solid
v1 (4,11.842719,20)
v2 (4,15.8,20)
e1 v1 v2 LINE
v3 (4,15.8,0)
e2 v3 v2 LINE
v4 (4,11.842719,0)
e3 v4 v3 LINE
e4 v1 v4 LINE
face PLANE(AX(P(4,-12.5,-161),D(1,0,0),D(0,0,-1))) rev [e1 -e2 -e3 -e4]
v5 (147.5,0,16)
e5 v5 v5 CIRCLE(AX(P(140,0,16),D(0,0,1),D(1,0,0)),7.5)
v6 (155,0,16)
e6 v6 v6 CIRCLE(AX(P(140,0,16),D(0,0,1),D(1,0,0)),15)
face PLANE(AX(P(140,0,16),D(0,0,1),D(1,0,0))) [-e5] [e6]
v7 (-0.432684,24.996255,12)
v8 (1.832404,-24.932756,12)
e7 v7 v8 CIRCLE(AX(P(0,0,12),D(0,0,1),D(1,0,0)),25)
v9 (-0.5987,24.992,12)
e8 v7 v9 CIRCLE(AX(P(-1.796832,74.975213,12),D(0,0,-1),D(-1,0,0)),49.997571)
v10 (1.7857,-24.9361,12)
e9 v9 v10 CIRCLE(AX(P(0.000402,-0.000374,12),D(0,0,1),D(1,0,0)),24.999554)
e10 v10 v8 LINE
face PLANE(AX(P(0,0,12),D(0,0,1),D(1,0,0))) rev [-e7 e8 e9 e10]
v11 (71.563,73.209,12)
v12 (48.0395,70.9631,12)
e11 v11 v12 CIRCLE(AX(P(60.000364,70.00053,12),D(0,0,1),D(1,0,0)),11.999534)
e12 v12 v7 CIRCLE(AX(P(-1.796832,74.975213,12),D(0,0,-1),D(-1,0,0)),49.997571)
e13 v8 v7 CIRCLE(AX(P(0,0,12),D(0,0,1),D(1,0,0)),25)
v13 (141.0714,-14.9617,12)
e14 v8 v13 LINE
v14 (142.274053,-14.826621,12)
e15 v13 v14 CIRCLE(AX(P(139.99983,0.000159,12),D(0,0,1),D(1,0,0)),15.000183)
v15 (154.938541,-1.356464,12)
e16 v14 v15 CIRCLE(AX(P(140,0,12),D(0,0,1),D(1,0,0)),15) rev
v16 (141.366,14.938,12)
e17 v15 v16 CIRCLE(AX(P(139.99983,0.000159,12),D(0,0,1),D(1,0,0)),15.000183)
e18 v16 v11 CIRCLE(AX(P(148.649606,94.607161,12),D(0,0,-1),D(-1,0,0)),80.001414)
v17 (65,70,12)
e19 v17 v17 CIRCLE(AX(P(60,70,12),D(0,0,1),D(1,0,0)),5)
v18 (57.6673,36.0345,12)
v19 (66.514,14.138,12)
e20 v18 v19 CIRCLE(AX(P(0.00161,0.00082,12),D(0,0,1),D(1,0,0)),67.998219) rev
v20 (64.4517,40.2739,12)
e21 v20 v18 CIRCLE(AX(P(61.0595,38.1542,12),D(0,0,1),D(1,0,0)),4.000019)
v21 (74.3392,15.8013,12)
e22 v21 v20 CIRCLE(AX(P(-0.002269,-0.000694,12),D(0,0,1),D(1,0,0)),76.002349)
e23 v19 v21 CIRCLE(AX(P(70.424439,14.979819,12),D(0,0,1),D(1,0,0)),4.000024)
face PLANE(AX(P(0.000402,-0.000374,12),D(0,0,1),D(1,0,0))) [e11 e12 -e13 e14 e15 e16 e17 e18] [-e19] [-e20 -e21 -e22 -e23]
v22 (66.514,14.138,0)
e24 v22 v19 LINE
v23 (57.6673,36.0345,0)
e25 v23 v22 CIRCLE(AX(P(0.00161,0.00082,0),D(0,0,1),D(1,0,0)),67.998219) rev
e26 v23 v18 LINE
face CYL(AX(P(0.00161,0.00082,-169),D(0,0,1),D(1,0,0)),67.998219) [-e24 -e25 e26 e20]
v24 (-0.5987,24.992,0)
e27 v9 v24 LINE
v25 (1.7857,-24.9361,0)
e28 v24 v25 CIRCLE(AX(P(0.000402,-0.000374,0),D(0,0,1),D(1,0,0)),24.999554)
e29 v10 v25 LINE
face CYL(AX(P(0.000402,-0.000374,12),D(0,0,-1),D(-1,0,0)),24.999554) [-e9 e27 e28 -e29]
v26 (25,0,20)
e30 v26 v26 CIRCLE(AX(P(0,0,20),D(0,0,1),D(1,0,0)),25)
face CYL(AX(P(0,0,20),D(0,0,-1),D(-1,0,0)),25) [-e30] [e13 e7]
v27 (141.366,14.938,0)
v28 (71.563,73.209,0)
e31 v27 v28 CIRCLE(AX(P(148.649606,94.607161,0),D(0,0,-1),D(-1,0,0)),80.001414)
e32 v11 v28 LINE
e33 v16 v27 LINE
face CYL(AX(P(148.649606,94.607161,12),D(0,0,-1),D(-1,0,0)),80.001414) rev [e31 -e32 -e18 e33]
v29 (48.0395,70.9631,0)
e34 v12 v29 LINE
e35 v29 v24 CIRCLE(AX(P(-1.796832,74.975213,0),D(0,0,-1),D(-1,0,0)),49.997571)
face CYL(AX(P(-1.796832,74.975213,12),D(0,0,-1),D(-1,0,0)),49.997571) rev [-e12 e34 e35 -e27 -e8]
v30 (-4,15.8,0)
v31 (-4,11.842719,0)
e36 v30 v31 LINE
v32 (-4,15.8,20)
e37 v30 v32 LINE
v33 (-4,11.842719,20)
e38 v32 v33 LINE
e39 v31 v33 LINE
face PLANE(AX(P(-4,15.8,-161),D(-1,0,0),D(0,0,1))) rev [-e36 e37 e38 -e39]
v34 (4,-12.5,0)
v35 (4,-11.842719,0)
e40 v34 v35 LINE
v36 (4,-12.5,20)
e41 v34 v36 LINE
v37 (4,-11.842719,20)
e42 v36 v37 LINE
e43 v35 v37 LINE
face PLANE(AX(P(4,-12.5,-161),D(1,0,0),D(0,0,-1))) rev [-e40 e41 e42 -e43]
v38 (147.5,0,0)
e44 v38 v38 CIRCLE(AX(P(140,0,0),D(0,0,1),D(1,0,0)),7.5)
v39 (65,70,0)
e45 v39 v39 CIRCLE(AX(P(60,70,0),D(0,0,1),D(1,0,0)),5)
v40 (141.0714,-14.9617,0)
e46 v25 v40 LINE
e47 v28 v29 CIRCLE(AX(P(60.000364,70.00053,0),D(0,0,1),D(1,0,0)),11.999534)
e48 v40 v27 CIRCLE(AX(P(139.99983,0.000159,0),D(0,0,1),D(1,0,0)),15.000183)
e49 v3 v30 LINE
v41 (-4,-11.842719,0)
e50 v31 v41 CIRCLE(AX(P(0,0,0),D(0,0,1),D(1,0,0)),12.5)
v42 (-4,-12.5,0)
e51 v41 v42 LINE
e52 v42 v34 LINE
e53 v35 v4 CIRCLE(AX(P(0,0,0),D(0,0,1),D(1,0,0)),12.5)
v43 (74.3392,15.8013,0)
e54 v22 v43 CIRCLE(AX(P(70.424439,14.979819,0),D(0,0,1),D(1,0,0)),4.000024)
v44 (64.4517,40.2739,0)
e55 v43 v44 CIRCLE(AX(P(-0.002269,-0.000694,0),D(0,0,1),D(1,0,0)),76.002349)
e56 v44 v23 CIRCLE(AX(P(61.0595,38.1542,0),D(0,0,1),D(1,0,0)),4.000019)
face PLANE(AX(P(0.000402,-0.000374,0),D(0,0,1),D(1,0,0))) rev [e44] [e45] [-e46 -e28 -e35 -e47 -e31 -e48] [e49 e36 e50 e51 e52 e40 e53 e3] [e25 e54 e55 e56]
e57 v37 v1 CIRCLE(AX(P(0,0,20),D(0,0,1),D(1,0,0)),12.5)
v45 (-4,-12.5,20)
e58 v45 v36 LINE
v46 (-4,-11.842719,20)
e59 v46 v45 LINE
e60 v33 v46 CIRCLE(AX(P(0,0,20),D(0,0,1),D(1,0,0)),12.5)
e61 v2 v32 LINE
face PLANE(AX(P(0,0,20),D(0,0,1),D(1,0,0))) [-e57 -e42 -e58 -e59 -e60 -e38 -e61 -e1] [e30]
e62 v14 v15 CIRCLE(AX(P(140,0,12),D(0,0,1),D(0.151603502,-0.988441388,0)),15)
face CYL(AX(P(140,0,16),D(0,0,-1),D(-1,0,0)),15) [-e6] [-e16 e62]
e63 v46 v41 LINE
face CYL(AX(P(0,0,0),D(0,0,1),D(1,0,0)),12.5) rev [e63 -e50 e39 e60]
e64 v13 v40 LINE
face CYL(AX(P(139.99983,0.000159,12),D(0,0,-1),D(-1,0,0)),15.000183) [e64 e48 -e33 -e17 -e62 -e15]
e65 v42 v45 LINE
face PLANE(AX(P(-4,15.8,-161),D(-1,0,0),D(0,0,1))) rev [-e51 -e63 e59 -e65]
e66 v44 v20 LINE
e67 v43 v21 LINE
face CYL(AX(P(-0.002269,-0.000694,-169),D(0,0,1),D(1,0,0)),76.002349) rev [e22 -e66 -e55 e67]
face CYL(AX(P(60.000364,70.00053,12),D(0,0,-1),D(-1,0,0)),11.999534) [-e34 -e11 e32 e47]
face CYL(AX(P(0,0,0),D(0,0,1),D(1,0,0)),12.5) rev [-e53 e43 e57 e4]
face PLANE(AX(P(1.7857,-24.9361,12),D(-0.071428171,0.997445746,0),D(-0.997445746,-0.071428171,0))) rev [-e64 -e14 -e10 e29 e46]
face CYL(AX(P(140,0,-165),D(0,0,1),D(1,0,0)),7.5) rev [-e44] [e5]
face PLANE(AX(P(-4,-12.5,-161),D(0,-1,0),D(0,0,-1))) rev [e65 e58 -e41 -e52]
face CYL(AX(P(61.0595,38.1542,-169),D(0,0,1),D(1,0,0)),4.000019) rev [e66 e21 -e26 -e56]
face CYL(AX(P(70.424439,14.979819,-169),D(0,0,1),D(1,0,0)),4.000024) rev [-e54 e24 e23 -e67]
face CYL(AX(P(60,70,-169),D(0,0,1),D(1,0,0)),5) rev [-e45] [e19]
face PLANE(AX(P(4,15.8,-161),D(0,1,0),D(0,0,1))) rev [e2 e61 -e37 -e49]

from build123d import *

# Parameters (mm, degrees)
EXTRUDE_1_DEPTH     = 12
SKETCH_2_R          = 25
EXTRUDE_2_DEPTH     = 8
SKETCH_3_R          = 15
EXTRUDE_3_DEPTH     = 4
SKETCH_4_R          = 12.5
CUT_EXTRUDE_1_DEPTH = 177.49083481
SKETCH_5_R          = 7.5
CUT_EXTRUDE_2_DEPTH = 181
SKETCH_6_R          = 5
CUT_EXTRUDE_3_DEPTH = 181
SKETCH_7_W          = 8
SKETCH_7_H          = 28.3
CUT_EXTRUDE_4_DEPTH = 181
CUT_EXTRUDE_5_DEPTH = 181


with BuildPart() as part:
    # 草图1 → 凸台-拉伸1 (new body)
    with BuildSketch(Plane.XY):
        with BuildLine():
            Line((1.7857, -24.9361), (141.0714, -14.9617))
            ThreePointArc((141.0714, -14.9617), (154.999285666, -0.147629307), (141.366, 14.938))
            ThreePointArc((141.366, 14.938), (97.381092038, 33.192459242), (71.563, 73.209))
            ThreePointArc((71.563, 73.209), (58.859898224, 81.945744775), (48.0395, 70.9631))
            ThreePointArc((48.0395, 70.9631), (32.546502595, 38.63938443), (-0.5987, 24.992))
            ThreePointArc((-0.5987, 24.992), (-24.970692218, -1.192910796), (1.7857, -24.9361))
        make_face()
    extrude(amount=EXTRUDE_1_DEPTH)

    # 草图2 → 凸台-拉伸2 (add)
    with BuildSketch(Plane.XY.offset(12)):
        with Locations(Location((0, 0, 0), (0, 0, 90.991687083))):
            Circle(SKETCH_2_R)
    extrude(amount=EXTRUDE_2_DEPTH)

    # 草图3 → 凸台-拉伸3 (add)
    with BuildSketch(Plane.XY.offset(12)):
        with Locations(Location((140, 0, 0), (0, 0, 278.719863289))):
            Circle(SKETCH_3_R)
    extrude(amount=EXTRUDE_3_DEPTH)

    # 草图4 → 切除-拉伸1 (cut, through all)
    with BuildSketch(Plane.XY.offset(20)):
        Circle(SKETCH_4_R)
    extrude(amount=-CUT_EXTRUDE_1_DEPTH, mode=Mode.SUBTRACT)

    # 草图5 → 切除-拉伸2 (cut, symmetric)
    with BuildSketch(Plane.XY.offset(16)):
        with Locations((140, 0)):
            Circle(SKETCH_5_R)
    extrude(amount=CUT_EXTRUDE_2_DEPTH, both=True, mode=Mode.SUBTRACT)

    # 草图6 → 切除-拉伸3 (cut, symmetric)
    with BuildSketch(Plane.XY.offset(12)):
        with Locations((60, 70)):
            Circle(SKETCH_6_R)
    extrude(amount=CUT_EXTRUDE_3_DEPTH, both=True, mode=Mode.SUBTRACT)

    # 草图7 → 切除-拉伸4 (cut, symmetric)
    with BuildSketch(Plane.XY.offset(20)):
        with Locations((0, 1.65)):
            Rectangle(SKETCH_7_W, SKETCH_7_H)
    extrude(amount=CUT_EXTRUDE_4_DEPTH, both=True, mode=Mode.SUBTRACT)

    # 草图8 → 切除-拉伸5 (cut, symmetric)
    with BuildSketch(Plane.XY.offset(12)):
        with BuildLine():
            ThreePointArc((74.3392, 15.8013), (70.465953911, 28.470108496), (64.4517, 40.2739))
            ThreePointArc((64.4517, 40.2739), (58.9398, 41.5464), (57.6673, 36.0345))
            ThreePointArc((57.6673, 36.0345), (63.048521634, 25.473252625), (66.514, 14.138))
            ThreePointArc((66.514, 14.138), (71.256091393, 11.067205434), (74.3392, 15.8013))
        make_face()
    extrude(amount=CUT_EXTRUDE_5_DEPTH, both=True, mode=Mode.SUBTRACT)


solid = part.part
